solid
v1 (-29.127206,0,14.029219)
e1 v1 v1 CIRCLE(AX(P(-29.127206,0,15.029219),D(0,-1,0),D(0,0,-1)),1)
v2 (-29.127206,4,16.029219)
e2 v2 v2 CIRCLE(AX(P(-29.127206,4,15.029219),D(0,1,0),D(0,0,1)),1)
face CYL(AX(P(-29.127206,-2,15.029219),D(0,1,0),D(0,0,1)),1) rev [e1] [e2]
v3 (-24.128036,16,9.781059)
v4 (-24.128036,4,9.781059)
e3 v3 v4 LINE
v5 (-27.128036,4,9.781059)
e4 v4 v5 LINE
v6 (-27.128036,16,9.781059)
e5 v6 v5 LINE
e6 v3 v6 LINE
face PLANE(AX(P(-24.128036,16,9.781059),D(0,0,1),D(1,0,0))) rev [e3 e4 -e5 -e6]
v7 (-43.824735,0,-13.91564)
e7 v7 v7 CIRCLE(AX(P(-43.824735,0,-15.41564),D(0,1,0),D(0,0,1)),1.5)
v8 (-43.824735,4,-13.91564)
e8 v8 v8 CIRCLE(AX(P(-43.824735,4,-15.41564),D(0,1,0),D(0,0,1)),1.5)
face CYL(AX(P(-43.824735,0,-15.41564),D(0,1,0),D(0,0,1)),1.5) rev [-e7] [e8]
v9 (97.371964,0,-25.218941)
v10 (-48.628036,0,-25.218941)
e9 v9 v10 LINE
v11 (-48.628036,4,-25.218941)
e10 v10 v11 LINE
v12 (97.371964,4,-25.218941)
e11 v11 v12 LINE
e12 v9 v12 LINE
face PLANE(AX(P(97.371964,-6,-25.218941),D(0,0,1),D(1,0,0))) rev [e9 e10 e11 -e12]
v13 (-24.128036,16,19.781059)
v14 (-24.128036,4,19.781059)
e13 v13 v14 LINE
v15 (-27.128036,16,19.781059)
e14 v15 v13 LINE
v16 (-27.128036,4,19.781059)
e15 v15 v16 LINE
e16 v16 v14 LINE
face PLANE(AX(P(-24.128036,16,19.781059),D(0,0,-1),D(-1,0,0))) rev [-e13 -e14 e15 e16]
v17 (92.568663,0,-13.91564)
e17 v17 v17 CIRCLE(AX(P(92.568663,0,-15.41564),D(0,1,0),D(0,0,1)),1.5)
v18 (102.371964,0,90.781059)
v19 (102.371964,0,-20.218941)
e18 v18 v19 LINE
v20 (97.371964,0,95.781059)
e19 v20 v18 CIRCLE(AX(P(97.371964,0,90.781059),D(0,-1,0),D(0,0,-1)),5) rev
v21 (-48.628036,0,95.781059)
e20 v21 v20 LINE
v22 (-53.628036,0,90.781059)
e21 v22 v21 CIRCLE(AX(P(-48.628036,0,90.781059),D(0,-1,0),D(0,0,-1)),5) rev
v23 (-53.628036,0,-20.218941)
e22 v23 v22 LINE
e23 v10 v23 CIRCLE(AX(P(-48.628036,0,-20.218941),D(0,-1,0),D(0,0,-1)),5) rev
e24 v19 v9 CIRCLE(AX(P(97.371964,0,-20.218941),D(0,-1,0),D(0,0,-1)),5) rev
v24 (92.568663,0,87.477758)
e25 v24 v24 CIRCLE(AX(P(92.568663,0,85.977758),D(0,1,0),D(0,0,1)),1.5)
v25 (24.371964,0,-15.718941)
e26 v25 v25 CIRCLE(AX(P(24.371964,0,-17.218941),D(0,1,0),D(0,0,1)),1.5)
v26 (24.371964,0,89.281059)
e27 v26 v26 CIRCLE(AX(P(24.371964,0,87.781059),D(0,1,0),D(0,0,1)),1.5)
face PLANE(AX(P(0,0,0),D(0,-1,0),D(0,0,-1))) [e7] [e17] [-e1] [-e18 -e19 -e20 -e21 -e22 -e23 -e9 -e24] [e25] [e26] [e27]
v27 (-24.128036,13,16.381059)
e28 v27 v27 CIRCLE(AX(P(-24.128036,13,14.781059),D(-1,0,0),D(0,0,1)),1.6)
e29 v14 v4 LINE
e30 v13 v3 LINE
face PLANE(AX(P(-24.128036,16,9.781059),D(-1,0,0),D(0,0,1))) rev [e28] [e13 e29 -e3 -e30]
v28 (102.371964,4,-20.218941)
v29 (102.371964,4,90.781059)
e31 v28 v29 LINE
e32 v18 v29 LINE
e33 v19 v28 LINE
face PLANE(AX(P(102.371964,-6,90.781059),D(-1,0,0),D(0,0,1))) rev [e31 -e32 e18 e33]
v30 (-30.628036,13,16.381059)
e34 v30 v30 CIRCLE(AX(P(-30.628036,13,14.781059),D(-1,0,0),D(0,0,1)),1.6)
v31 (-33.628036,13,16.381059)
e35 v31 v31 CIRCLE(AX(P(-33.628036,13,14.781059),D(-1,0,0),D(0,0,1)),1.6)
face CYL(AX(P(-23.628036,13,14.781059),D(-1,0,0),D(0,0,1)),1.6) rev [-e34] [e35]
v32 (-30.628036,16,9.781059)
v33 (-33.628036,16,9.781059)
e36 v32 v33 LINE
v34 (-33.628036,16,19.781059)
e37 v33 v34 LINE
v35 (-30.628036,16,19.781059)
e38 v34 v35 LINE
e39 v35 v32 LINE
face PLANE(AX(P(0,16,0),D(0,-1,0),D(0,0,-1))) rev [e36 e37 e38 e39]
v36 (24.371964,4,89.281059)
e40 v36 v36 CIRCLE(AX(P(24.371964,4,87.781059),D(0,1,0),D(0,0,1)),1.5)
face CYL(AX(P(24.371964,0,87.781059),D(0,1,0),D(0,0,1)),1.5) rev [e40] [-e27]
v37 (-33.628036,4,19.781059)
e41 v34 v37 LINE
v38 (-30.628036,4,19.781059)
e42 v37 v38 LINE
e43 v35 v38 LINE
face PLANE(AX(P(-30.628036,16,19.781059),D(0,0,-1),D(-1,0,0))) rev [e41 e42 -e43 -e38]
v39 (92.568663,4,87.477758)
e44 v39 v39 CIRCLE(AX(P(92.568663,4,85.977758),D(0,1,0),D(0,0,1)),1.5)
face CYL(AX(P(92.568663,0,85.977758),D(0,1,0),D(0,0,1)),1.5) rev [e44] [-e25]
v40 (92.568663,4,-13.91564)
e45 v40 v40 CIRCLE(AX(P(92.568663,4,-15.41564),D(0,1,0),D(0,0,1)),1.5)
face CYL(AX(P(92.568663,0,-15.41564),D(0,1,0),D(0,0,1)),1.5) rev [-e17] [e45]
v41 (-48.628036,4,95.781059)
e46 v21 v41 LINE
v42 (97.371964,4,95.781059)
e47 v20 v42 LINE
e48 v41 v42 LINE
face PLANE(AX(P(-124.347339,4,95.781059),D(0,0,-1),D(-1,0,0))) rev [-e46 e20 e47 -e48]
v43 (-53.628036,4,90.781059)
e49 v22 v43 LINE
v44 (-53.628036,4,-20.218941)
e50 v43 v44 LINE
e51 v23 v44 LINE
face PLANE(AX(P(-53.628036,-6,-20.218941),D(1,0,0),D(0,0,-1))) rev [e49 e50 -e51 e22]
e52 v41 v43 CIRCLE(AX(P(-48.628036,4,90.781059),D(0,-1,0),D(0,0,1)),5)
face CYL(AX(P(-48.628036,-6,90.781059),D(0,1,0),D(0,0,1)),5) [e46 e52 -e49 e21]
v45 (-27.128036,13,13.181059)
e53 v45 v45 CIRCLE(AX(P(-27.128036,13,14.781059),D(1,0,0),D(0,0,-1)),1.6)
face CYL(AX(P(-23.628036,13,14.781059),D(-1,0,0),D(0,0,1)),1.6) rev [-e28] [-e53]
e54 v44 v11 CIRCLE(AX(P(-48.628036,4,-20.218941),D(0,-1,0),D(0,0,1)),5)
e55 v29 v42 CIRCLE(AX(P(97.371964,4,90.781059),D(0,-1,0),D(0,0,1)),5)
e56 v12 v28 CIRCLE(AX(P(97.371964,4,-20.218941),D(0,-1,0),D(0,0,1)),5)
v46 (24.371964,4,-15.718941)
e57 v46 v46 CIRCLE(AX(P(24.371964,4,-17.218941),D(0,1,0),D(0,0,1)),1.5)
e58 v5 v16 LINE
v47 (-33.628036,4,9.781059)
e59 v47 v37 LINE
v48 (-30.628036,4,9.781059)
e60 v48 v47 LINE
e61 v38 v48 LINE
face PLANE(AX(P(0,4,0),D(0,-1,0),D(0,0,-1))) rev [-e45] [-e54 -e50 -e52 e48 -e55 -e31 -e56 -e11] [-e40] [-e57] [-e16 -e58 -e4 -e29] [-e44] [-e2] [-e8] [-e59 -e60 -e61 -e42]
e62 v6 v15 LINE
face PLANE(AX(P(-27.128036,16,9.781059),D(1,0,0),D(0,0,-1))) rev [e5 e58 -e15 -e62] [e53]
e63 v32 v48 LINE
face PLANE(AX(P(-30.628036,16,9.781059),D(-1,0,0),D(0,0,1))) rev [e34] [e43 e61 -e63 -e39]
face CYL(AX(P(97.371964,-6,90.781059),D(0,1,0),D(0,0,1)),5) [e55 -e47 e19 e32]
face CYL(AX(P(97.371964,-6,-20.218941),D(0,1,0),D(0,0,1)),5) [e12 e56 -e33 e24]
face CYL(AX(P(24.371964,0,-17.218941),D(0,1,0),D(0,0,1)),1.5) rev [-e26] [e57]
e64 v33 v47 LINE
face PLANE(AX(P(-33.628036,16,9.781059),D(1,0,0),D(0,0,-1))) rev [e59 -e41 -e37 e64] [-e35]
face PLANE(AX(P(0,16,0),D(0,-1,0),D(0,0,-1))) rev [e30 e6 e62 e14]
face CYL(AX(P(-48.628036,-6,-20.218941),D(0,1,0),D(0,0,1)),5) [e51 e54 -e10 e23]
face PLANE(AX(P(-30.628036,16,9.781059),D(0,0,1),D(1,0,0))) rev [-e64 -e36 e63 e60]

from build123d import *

# Parameters (mm, degrees)
SKETCH1_W           = 248.69467868
SKETCH1_H           = 191.562117362
BOSS_EXTRUDE1_DEPTH = 4
CUT_EXTRUDE1_DEPTH  = 10
SKETCH3_R           = 1.5
CUT_EXTRUDE2_DEPTH  = 4
SKETCH10_W          = 3
SKETCH10_H          = 10
BOSS_EXTRUDE2_DEPTH = 12
SKETCH12_R          = 1.6
CUT_EXTRUDE3_DEPTH  = 10
SKETCH13_R          = 1
CUT_EXTRUDE4_DEPTH  = 6


with BuildPart() as part:
    # Sketch1 → Boss-Extrude1 (new body)
    with BuildSketch(Plane(origin=(0, 0, 0), x_dir=(1, 0, 0), z_dir=(0, 1, 0))):
        Rectangle(SKETCH1_W, SKETCH1_H)
    extrude(amount=BOSS_EXTRUDE1_DEPTH)

    # Sketch2 → Cut-Extrude1 (cut)
    with BuildSketch(Plane(origin=(0, 4, 0), x_dir=(1, 0, 0), z_dir=(0, 1, 0))):
        with BuildLine():
            Line((-53.628035699, 20.218941319), (-53.628035699, -90.781058681))
            ThreePointArc((-53.628035699, -90.781058681), (-52.163569604, -94.316592587), (-48.628035699, -95.781058681))
            Line((-48.628035699, -95.781058681), (-124.34733934, -95.781058681))
            Line((-124.34733934, -95.781058681), (-124.34733934, 95.781058681))
            Line((-124.34733934, 95.781058681), (124.34733934, 95.781058681))
            Line((124.34733934, 95.781058681), (124.34733934, -95.781058681))
            Line((124.34733934, -95.781058681), (97.371964301, -95.781058681))
            ThreePointArc((97.371964301, -95.781058681), (100.907498207, -94.316592587), (102.371964301, -90.781058681))
            Line((102.371964301, -90.781058681), (102.371964301, 20.218941319))
            ThreePointArc((102.371964301, 20.218941319), (100.907498207, 23.754475225), (97.371964301, 25.218941319))
            Line((97.371964301, 25.218941319), (-48.628035699, 25.218941319))
            ThreePointArc((-48.628035699, 25.218941319), (-52.163569604, 23.754475225), (-53.628035699, 20.218941319))
        make_face()
    extrude(amount=-CUT_EXTRUDE1_DEPTH, mode=Mode.SUBTRACT)

    # Sketch3 → Cut-Extrude2 (cut)
    with BuildSketch(Plane(origin=(0, 4, 0), x_dir=(1, 0, 0), z_dir=(0, 1, 0))):
        with Locations((-43.82473484, 15.41564046)):
            Circle(SKETCH3_R)
        with Locations((24.371964301, 17.218941319)):
            Circle(SKETCH3_R)
        with Locations((92.568663443, 15.41564046)):
            Circle(SKETCH3_R)
        with Locations((24.371964301, -87.781058681)):
            Circle(SKETCH3_R)
        with Locations((92.568663443, -85.977757822)):
            Circle(SKETCH3_R)
    extrude(amount=-CUT_EXTRUDE2_DEPTH, mode=Mode.SUBTRACT)

    # Sketch10 → Boss-Extrude2 (add)
    with BuildSketch(Plane(origin=(0, 4, 0), x_dir=(1, 0, 0), z_dir=(0, 1, 0))):
        with Locations((-32.128035699, -14.781058681)):
            Rectangle(SKETCH10_W, SKETCH10_H)
        with Locations((-25.628035699, -14.781058681)):
            Rectangle(SKETCH10_W, SKETCH10_H)
    extrude(amount=BOSS_EXTRUDE2_DEPTH)

    # Sketch12 → Cut-Extrude3 (cut)
    with BuildSketch(Plane.ZY.offset(33.628035699)):
        with Locations((14.781058681, 13)):
            Circle(SKETCH12_R)
    extrude(amount=-CUT_EXTRUDE3_DEPTH, mode=Mode.SUBTRACT)

    # Sketch13 → Cut-Extrude4 (cut)
    with BuildSketch(Plane(origin=(0, 4, 0), x_dir=(1, 0, 0), z_dir=(0, 1, 0))):
        with Locations((-29.127206005, -15.029218682)):
            Circle(SKETCH13_R)
    extrude(amount=-CUT_EXTRUDE4_DEPTH, mode=Mode.SUBTRACT)


solid = part.part
